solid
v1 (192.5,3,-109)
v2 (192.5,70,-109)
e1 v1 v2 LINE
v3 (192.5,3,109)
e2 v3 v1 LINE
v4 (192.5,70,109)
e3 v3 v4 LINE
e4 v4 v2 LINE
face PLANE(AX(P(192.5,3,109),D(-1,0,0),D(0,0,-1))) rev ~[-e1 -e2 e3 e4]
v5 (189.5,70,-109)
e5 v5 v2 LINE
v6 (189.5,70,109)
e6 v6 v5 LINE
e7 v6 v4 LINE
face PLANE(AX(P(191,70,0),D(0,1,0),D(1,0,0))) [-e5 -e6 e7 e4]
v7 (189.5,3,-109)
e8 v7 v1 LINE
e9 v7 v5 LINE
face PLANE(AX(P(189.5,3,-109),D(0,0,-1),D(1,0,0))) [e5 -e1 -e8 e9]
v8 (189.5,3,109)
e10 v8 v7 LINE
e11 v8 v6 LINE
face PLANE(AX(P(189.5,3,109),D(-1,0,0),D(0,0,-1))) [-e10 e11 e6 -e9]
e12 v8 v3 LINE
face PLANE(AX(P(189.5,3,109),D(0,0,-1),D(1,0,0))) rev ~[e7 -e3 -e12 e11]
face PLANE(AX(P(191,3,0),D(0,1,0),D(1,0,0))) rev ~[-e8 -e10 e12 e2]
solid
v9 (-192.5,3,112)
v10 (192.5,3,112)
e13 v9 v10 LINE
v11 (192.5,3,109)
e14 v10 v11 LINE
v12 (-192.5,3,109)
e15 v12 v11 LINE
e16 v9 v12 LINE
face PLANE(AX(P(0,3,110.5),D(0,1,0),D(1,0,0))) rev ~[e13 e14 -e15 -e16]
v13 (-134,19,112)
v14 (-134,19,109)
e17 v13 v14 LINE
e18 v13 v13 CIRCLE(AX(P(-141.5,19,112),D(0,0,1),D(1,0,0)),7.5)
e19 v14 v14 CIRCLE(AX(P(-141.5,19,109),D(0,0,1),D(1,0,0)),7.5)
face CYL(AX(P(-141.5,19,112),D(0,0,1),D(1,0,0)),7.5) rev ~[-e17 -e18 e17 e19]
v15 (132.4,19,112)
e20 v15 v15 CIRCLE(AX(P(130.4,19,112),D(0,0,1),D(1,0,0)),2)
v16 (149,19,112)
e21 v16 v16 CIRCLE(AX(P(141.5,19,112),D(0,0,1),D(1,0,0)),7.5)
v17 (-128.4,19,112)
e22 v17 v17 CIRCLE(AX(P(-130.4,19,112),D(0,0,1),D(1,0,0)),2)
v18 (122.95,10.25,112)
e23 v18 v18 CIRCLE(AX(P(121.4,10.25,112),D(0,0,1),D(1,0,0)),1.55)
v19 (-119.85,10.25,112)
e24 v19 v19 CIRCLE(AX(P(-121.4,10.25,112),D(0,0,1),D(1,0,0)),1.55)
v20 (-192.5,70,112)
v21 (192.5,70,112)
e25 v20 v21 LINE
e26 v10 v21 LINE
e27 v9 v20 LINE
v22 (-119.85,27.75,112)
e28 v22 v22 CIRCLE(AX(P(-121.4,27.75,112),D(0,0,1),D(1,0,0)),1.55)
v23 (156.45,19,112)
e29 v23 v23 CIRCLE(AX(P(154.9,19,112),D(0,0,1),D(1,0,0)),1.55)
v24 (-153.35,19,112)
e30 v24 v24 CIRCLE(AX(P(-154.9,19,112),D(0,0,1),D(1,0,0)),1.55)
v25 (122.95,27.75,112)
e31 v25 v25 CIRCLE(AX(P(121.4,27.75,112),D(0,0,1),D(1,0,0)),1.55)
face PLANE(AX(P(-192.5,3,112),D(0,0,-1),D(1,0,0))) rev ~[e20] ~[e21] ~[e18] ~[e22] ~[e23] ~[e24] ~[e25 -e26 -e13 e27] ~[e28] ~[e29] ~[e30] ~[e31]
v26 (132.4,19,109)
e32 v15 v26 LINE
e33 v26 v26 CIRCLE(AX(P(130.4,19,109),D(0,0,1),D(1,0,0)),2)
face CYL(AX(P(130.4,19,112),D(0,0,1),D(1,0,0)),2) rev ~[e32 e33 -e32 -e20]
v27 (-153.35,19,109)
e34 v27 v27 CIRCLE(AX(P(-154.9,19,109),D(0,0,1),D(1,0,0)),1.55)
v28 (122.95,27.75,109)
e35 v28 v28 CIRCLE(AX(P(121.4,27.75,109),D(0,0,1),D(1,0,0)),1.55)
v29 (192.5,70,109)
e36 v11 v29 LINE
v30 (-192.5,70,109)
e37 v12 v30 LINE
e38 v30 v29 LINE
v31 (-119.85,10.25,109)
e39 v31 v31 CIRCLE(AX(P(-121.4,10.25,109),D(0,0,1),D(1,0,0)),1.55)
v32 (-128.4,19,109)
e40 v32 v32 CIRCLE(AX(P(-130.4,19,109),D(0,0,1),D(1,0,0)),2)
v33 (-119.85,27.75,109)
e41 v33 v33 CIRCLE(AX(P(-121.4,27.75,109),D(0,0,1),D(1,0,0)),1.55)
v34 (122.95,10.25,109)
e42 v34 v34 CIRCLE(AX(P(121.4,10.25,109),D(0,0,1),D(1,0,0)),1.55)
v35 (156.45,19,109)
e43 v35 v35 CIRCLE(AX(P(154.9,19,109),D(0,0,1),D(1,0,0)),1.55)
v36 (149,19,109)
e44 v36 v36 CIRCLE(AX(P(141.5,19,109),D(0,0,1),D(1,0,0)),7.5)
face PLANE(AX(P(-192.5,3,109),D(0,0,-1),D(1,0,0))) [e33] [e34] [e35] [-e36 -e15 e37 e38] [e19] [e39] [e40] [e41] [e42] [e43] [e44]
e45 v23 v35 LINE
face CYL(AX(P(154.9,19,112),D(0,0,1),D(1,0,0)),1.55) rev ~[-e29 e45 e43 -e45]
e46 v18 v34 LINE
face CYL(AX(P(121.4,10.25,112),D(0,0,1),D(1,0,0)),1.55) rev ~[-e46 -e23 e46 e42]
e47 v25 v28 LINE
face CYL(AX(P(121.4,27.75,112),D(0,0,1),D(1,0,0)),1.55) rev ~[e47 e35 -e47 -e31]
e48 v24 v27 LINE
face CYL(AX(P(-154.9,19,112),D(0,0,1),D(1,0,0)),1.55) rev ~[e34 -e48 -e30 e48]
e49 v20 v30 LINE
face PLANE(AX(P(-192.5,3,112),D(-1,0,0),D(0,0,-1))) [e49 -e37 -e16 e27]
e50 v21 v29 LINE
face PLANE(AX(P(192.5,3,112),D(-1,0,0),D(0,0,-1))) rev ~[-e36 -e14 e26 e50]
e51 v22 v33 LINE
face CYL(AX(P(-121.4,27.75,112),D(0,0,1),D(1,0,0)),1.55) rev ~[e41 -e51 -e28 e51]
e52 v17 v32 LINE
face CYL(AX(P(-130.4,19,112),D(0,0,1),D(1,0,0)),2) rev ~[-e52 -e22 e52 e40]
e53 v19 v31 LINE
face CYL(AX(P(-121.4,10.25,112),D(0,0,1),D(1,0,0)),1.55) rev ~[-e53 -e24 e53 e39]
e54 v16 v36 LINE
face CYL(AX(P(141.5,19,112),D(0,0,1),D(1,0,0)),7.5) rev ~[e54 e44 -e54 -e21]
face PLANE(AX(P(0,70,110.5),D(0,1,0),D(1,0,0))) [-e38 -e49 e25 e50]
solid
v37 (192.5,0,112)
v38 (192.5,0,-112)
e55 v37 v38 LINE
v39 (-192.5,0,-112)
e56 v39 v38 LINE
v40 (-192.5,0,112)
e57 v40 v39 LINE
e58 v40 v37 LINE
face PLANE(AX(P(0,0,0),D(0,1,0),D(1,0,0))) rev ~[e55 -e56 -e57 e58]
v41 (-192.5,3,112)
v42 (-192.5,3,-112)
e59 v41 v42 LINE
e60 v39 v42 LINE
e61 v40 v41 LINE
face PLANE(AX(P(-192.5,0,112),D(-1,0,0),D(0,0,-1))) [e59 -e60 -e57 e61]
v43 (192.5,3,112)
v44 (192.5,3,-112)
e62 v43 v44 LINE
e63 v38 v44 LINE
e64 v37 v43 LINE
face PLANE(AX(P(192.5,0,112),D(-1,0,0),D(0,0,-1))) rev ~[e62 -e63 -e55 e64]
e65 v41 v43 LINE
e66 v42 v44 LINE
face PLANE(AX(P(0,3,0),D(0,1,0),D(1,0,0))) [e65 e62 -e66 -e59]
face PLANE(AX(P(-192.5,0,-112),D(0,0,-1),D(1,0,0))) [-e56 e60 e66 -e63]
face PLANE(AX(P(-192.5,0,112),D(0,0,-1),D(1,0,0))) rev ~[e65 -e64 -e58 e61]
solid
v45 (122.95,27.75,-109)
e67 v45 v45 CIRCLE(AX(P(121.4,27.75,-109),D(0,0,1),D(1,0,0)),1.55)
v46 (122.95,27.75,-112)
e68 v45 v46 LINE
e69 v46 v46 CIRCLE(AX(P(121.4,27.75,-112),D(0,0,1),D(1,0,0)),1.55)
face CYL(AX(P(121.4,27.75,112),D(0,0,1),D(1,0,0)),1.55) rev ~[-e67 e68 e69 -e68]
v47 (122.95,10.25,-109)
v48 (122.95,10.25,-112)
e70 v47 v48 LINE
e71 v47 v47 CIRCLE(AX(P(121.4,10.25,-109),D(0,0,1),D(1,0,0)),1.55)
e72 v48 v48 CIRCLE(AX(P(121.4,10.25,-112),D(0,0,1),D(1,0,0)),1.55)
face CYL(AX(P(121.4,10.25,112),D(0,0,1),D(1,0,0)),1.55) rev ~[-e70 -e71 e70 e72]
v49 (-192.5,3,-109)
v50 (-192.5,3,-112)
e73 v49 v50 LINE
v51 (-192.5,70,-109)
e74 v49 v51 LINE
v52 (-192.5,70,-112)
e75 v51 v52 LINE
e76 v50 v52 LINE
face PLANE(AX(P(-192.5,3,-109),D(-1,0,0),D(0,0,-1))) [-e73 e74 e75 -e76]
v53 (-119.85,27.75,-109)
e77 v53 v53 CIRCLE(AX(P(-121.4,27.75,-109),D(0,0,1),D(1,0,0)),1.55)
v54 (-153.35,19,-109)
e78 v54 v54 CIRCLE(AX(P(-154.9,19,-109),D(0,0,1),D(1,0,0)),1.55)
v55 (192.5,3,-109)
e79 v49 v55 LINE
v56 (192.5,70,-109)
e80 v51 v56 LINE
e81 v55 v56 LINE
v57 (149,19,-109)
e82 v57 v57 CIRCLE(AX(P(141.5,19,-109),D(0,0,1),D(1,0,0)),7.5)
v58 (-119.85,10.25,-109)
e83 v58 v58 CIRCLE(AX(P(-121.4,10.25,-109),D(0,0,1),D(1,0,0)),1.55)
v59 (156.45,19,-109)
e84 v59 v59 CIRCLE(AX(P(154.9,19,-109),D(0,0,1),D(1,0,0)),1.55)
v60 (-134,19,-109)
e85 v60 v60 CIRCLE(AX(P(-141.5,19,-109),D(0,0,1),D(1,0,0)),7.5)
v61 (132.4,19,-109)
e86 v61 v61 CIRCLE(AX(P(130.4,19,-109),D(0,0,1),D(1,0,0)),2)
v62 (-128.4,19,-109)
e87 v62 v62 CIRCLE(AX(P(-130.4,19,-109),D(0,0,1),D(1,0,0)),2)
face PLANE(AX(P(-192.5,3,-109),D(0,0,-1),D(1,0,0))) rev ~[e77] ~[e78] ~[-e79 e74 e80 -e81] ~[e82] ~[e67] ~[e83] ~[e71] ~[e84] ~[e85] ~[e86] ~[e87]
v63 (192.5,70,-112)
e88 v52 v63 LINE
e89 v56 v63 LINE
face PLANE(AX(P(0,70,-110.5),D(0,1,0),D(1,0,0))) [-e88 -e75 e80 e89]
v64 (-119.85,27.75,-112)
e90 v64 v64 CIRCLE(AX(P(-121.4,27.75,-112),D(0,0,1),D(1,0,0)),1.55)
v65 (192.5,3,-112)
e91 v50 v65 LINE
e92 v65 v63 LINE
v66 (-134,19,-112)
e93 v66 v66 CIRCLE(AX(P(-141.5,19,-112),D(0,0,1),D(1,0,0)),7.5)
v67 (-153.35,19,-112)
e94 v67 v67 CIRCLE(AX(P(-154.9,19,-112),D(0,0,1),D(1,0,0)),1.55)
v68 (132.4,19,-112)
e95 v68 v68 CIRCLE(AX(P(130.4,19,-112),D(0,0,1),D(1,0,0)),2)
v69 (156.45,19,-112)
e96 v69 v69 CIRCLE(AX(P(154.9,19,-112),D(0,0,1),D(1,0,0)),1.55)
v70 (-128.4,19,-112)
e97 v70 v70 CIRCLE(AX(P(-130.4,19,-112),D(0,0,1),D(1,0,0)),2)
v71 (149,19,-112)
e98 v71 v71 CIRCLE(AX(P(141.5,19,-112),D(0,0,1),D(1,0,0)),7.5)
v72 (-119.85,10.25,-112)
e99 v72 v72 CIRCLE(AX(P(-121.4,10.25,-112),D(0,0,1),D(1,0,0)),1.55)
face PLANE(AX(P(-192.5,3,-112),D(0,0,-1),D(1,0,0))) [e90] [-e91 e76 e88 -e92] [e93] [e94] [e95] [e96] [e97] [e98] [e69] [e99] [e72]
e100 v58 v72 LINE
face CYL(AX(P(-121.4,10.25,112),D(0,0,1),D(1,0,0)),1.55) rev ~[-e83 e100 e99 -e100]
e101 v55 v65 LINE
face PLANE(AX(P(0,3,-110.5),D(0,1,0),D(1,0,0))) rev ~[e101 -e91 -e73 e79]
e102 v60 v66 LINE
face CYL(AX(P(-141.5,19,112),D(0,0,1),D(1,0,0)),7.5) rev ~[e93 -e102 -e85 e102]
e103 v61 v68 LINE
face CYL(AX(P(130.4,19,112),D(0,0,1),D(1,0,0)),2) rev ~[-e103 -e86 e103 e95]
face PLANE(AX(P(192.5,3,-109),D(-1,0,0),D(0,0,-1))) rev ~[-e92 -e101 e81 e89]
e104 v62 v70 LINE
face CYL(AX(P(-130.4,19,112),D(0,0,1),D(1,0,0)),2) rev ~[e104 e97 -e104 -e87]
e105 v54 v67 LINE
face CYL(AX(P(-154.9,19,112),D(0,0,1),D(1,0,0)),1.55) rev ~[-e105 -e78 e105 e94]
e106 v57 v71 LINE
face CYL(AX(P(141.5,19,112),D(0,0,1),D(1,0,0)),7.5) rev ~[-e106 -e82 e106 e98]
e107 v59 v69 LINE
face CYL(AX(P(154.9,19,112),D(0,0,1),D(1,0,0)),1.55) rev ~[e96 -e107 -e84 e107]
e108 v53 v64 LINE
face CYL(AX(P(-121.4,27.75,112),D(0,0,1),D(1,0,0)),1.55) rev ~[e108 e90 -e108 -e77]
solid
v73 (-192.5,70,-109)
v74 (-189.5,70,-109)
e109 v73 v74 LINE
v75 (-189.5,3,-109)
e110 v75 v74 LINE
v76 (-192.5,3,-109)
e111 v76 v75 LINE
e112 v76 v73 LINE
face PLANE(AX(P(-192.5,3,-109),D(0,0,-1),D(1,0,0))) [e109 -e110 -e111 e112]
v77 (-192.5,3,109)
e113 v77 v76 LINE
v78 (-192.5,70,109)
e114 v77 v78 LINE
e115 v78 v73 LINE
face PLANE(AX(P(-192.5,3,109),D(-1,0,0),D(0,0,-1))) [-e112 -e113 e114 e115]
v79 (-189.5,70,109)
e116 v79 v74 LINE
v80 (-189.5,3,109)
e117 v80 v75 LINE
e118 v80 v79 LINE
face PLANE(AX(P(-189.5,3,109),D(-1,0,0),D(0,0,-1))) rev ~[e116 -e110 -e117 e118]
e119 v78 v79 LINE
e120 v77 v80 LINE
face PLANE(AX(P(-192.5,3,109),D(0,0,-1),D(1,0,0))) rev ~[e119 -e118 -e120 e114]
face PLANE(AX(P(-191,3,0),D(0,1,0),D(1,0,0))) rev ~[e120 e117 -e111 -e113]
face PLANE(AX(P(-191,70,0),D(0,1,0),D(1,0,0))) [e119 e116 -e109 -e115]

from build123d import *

# Parameters (mm, degrees)
CROQUIS1_W                = 385
CROQUIS1_H                = 224
SALIENTE_EXTRUIR1_DEPTH   = 3
CROQUIS3_W                = 385
CROQUIS3_H                = 3
SALIENTE_EXTRUIR2_DEPTH   = 67
SALIENTE_EXTRUIR2_2_DEPTH = 67
CROQUIS4_W                = 3
CROQUIS4_H                = 218
SALIENTE_EXTRUIR3_DEPTH   = 67
SALIENTE_EXTRUIR3_2_DEPTH = 67
CROQUIS5_R                = 7.5
CROQUIS5_R_2              = 1.55
CROQUIS5_R_3              = 2
CORTAR_EXTRUIR1_DEPTH     = 224


with BuildPart() as part:
    # Croquis1 → Saliente-Extruir1 (new body)
    with BuildSketch(Plane(origin=(0, 0, 0), x_dir=(1, 0, 0), z_dir=(0, 1, 0))):
        Rectangle(CROQUIS1_W, CROQUIS1_H)
    extrude(amount=SALIENTE_EXTRUIR1_DEPTH)


with BuildPart() as body_2:
    # Croquis3 → Saliente-Extruir2 (new body)
    with BuildSketch(Plane(origin=(0, 3, 0), x_dir=(1, 0, 0), z_dir=(0, 1, 0))):
        with Locations((0, 110.5)):
            Rectangle(CROQUIS3_W, CROQUIS3_H)
    extrude(amount=SALIENTE_EXTRUIR2_DEPTH)


with BuildPart() as body_3:
    # Croquis3 → Saliente-Extruir2 2 (new body)
    with BuildSketch(Plane(origin=(0, 3, 0), x_dir=(1, 0, 0), z_dir=(0, 1, 0))):
        with Locations((0, -110.5)):
            Rectangle(CROQUIS3_W, CROQUIS3_H)
    extrude(amount=SALIENTE_EXTRUIR2_2_DEPTH)


with BuildPart() as body_4:
    # Croquis4 → Saliente-Extruir3 (new body)
    with BuildSketch(Plane(origin=(0, 3, 0), x_dir=(1, 0, 0), z_dir=(0, 1, 0))):
        with Locations((-191, 0)):
            Rectangle(CROQUIS4_W, CROQUIS4_H)
    extrude(amount=SALIENTE_EXTRUIR3_DEPTH)


with BuildPart() as body_5:
    # Croquis4 → Saliente-Extruir3 2 (new body)
    with BuildSketch(Plane(origin=(0, 3, 0), x_dir=(1, 0, 0), z_dir=(0, 1, 0))):
        with Locations((191, 0)):
            Rectangle(CROQUIS4_W, CROQUIS4_H)
    extrude(amount=SALIENTE_EXTRUIR3_2_DEPTH)


with BuildPart() as cortar_extruir1_tool:
    # Croquis5 → Cortar-Extruir1 (new body)
    with BuildSketch(Plane.XY.offset(112)):
        with Locations((-141.5, 19)):
            Circle(CROQUIS5_R)
        with Locations((141.5, 19)):
            Circle(CROQUIS5_R)
        with Locations((-121.4, 27.75)):
            Circle(CROQUIS5_R_2)
        with Locations((-121.4, 10.25)):
            Circle(CROQUIS5_R_2)
        with Locations((-154.9, 19)):
            Circle(CROQUIS5_R_2)
        with Locations((121.4, 27.75)):
            Circle(CROQUIS5_R_2)
        with Locations((121.4, 10.25)):
            Circle(CROQUIS5_R_2)
        with Locations((154.9, 19)):
            Circle(CROQUIS5_R_2)
        with Locations((-130.4, 19)):
            Circle(CROQUIS5_R_3)
        with Locations((130.4, 19)):
            Circle(CROQUIS5_R_3)
    extrude(amount=-CORTAR_EXTRUIR1_DEPTH)


with BuildPart() as body_2_1:
    add(body_2.part)

    # Cortar-Extruir1: cut by cortar_extruir1_tool
    add(cortar_extruir1_tool.part, mode=Mode.SUBTRACT)


with BuildPart() as body_3_1:
    add(body_3.part)

    # Cortar-Extruir1: cut by cortar_extruir1_tool
    add(cortar_extruir1_tool.part, mode=Mode.SUBTRACT)


solid = Compound([part.part, body_4.part, body_5.part, body_2_1.part, body_3_1.part])
